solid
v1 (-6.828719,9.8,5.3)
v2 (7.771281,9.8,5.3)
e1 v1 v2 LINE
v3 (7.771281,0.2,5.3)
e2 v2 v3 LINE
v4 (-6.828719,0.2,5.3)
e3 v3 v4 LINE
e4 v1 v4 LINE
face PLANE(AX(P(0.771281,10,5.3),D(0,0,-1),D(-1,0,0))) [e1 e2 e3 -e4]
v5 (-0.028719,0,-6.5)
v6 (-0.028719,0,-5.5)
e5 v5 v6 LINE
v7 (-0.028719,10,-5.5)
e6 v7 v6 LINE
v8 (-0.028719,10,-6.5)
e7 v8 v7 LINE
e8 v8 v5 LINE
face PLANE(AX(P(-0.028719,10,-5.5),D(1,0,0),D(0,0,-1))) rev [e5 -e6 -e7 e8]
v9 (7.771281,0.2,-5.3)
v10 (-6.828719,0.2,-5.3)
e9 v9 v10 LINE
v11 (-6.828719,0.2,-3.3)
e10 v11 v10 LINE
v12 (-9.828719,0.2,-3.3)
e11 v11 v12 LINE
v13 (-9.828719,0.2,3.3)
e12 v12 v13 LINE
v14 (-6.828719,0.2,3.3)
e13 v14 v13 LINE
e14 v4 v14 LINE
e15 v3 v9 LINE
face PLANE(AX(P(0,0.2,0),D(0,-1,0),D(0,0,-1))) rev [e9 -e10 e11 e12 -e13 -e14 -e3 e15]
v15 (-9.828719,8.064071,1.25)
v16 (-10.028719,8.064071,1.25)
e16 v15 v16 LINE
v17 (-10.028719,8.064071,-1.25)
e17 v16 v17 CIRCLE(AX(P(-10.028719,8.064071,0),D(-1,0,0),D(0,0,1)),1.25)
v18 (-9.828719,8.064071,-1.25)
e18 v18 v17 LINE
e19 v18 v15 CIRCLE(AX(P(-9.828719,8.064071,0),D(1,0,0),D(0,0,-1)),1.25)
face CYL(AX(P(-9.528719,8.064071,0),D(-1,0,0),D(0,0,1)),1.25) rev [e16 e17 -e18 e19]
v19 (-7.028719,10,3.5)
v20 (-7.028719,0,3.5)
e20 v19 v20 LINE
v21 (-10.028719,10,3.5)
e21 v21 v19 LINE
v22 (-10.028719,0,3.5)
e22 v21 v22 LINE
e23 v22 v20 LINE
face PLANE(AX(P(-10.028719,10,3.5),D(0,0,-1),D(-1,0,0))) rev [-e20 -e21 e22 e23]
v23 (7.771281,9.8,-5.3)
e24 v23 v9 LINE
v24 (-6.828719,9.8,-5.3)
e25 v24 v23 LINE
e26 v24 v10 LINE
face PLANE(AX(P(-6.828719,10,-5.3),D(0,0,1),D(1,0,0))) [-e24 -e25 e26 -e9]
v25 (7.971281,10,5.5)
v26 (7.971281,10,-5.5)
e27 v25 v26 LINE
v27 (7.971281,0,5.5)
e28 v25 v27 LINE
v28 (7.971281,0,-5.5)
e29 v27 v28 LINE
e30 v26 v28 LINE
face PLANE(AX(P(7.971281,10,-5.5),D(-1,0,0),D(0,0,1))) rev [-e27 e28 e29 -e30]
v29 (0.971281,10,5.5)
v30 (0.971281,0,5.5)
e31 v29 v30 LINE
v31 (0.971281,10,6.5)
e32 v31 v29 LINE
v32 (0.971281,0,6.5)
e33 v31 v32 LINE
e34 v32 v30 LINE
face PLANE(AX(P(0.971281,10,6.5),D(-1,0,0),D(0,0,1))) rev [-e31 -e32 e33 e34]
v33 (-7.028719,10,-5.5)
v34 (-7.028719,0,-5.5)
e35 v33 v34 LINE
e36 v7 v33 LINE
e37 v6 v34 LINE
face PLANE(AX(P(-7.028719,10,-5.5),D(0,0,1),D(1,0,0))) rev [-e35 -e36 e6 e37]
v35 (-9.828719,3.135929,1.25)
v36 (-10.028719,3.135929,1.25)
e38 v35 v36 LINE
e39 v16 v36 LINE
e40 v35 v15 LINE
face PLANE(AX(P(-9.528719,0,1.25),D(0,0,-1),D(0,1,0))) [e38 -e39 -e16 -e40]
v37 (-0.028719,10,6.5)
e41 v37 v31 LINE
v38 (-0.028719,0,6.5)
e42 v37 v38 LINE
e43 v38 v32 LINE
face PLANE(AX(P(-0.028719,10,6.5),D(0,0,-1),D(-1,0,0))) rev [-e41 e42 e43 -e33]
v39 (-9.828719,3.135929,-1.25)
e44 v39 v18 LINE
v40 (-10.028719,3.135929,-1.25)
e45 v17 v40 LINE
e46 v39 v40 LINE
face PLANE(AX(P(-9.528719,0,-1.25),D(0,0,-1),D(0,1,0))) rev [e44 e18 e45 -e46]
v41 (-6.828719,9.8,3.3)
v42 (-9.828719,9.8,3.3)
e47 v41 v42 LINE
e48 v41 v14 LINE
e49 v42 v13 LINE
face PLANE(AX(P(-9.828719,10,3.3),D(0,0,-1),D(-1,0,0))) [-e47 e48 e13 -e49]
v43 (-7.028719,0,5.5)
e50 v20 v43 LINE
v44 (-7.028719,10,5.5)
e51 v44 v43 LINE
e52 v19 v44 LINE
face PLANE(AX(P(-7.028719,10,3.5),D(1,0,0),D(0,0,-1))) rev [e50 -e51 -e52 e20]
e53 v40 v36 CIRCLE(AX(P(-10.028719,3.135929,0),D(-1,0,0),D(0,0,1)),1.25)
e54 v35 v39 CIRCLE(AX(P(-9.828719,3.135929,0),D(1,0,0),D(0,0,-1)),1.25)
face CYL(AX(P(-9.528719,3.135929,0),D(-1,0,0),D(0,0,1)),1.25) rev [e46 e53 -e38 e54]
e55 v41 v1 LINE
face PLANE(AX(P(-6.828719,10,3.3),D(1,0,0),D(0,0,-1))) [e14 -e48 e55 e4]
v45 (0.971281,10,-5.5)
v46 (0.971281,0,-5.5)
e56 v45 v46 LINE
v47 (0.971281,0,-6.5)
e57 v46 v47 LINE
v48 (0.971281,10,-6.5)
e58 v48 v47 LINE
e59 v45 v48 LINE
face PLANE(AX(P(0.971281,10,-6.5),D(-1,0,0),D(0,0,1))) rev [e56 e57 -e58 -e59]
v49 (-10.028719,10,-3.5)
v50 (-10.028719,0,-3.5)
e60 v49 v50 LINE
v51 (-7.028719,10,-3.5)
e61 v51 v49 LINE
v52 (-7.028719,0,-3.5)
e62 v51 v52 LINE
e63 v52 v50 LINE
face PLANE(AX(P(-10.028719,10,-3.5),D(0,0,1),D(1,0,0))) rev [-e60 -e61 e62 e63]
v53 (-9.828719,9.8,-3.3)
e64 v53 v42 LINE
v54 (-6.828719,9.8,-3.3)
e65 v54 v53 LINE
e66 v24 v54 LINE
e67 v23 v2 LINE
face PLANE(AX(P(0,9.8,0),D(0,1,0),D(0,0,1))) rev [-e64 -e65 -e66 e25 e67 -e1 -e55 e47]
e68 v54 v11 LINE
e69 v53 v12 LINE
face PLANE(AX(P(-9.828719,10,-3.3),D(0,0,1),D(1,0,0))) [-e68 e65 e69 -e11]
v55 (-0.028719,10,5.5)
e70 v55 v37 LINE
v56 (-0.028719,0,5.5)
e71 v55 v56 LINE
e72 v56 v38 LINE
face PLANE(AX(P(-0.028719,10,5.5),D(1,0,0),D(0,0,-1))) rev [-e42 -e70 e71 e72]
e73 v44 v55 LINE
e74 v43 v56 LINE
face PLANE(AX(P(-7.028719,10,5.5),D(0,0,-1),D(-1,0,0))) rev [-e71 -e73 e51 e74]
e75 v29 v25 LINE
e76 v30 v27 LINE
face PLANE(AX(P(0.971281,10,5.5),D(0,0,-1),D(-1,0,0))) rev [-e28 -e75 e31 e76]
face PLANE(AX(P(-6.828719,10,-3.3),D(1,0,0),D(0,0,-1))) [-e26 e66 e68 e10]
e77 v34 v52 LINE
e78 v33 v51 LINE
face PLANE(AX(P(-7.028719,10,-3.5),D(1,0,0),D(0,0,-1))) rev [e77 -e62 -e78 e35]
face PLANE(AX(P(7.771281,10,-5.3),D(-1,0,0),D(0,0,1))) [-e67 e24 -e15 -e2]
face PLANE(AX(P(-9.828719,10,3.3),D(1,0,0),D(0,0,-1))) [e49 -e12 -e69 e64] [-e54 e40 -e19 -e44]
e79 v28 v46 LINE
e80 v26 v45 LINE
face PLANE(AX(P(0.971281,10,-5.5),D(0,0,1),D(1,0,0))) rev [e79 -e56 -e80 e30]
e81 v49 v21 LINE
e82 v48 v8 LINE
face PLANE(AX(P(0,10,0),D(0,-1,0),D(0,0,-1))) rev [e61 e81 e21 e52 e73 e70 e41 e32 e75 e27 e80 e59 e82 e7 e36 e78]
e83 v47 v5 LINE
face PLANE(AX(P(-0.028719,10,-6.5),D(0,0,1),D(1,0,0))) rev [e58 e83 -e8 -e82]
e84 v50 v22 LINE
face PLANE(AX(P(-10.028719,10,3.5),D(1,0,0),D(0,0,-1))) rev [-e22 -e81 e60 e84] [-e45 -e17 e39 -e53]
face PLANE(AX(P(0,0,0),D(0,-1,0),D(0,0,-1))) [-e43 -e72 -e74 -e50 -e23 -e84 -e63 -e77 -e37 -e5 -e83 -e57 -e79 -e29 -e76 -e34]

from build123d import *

# Parameters (mm, degrees)
BOSS_EXTRUDE1_DEPTH = 10
SKETCH6_W           = 14.6
SKETCH6_H           = 10.6
SKETCH6_W_2         = 3
SKETCH6_H_2         = 6.6
BOSS_EXTRUDE4_DEPTH = 0.2
SKETCH7_W           = 14.6
SKETCH7_H           = 10.6
SKETCH7_W_2         = 3
SKETCH7_H_2         = 6.6
BOSS_EXTRUDE5_DEPTH = 0.2
CUT_EXTRUDE3_DEPTH  = 0.5


with BuildPart() as part:
    # Sketch1 → Boss-Extrude1 (new body)
    with BuildSketch(Plane(origin=(0, 0, 0), x_dir=(1, 0, 0), z_dir=(0, 1, 0))):
        Polygon((-10.028718685, -3.5), (-10.028718685, 3.5), (-7.028718685, 3.5), (-7.028718685, 5.5), (-0.028718685, 5.5), (-0.028718685, 6.5), (0.971281315, 6.5), (0.971281315, 5.5), (7.971281315, 5.5), (7.971281315, -5.5), (0.971281315, -5.5), (0.971281315, -6.5), (-0.028718685, -6.5), (-0.028718685, -5.5), (-7.028718685, -5.5), (-7.028718685, -3.5), align=None)
        Polygon((-9.828718685, 3.3), (-6.828718685, 3.3), (-6.828718685, 5.3), (0.171281315, 5.3), (0.771281315, 5.3), (7.771281315, 5.3), (7.771281315, -5.3), (0.771281315, -5.3), (0.171281315, -5.3), (-6.828718685, -5.3), (-6.828718685, -3.3), (-9.828718685, -3.3), align=None, mode=Mode.SUBTRACT)
    extrude(amount=BOSS_EXTRUDE1_DEPTH)

    # Sketch6 → Boss-Extrude4 (add)
    with BuildSketch(Plane(origin=(0, 0, 0), x_dir=(-1, 0, 0), z_dir=(0, -1, 0))):
        with Locations((-0.471281315, 0)):
            Rectangle(SKETCH6_W, SKETCH6_H)
        with Locations((8.328718685, 0)):
            Rectangle(SKETCH6_W_2, SKETCH6_H_2)
    extrude(amount=-BOSS_EXTRUDE4_DEPTH)

    # Sketch7 → Boss-Extrude5 (add)
    with BuildSketch(Plane(origin=(0, 10, 0), x_dir=(1, 0, 0), z_dir=(0, 1, 0))):
        with Locations((0.471281315, 0)):
            Rectangle(SKETCH7_W, SKETCH7_H)
        with Locations((-8.328718685, 0)):
            Rectangle(SKETCH7_W_2, SKETCH7_H_2)
    extrude(amount=-BOSS_EXTRUDE5_DEPTH)

    # Sketch8 → Cut-Extrude3 (cut)
    with BuildSketch(Plane.ZY.offset(10.028718685)):
        with BuildLine():
            Line((0, 9.314071319), (0, 5))
            Line((0, 5), (1.25, 5))
            Line((1.25, 5), (1.25, 8.064071319))
            ThreePointArc((1.25, 8.064071319), (0.883883476, 8.947954796), (0, 9.314071319))
        make_face()
        with BuildLine():
            Line((-1.25, 5), (0, 5))
            Line((0, 5), (0, 9.314071319))
            ThreePointArc((0, 9.314071319), (-0.883883476, 8.947954796), (-1.25, 8.064071319))
            Line((-1.25, 8.064071319), (-1.25, 5))
        make_face()
        with BuildLine():
            ThreePointArc((-1.25, 3.135928681), (-0.883883476, 2.252045204), (0, 1.885928681))
            Line((0, 1.885928681), (0, 5))
            Line((0, 5), (-1.25, 5))
            Line((-1.25, 5), (-1.25, 3.135928681))
        make_face()
        with BuildLine():
            Line((0, 5), (0, 1.885928681))
            ThreePointArc((0, 1.885928681), (0.883883476, 2.252045204), (1.25, 3.135928681))
            Line((1.25, 3.135928681), (1.25, 5))
            Line((1.25, 5), (0, 5))
        make_face()
    extrude(amount=-CUT_EXTRUDE3_DEPTH, mode=Mode.SUBTRACT)


solid = part.part
